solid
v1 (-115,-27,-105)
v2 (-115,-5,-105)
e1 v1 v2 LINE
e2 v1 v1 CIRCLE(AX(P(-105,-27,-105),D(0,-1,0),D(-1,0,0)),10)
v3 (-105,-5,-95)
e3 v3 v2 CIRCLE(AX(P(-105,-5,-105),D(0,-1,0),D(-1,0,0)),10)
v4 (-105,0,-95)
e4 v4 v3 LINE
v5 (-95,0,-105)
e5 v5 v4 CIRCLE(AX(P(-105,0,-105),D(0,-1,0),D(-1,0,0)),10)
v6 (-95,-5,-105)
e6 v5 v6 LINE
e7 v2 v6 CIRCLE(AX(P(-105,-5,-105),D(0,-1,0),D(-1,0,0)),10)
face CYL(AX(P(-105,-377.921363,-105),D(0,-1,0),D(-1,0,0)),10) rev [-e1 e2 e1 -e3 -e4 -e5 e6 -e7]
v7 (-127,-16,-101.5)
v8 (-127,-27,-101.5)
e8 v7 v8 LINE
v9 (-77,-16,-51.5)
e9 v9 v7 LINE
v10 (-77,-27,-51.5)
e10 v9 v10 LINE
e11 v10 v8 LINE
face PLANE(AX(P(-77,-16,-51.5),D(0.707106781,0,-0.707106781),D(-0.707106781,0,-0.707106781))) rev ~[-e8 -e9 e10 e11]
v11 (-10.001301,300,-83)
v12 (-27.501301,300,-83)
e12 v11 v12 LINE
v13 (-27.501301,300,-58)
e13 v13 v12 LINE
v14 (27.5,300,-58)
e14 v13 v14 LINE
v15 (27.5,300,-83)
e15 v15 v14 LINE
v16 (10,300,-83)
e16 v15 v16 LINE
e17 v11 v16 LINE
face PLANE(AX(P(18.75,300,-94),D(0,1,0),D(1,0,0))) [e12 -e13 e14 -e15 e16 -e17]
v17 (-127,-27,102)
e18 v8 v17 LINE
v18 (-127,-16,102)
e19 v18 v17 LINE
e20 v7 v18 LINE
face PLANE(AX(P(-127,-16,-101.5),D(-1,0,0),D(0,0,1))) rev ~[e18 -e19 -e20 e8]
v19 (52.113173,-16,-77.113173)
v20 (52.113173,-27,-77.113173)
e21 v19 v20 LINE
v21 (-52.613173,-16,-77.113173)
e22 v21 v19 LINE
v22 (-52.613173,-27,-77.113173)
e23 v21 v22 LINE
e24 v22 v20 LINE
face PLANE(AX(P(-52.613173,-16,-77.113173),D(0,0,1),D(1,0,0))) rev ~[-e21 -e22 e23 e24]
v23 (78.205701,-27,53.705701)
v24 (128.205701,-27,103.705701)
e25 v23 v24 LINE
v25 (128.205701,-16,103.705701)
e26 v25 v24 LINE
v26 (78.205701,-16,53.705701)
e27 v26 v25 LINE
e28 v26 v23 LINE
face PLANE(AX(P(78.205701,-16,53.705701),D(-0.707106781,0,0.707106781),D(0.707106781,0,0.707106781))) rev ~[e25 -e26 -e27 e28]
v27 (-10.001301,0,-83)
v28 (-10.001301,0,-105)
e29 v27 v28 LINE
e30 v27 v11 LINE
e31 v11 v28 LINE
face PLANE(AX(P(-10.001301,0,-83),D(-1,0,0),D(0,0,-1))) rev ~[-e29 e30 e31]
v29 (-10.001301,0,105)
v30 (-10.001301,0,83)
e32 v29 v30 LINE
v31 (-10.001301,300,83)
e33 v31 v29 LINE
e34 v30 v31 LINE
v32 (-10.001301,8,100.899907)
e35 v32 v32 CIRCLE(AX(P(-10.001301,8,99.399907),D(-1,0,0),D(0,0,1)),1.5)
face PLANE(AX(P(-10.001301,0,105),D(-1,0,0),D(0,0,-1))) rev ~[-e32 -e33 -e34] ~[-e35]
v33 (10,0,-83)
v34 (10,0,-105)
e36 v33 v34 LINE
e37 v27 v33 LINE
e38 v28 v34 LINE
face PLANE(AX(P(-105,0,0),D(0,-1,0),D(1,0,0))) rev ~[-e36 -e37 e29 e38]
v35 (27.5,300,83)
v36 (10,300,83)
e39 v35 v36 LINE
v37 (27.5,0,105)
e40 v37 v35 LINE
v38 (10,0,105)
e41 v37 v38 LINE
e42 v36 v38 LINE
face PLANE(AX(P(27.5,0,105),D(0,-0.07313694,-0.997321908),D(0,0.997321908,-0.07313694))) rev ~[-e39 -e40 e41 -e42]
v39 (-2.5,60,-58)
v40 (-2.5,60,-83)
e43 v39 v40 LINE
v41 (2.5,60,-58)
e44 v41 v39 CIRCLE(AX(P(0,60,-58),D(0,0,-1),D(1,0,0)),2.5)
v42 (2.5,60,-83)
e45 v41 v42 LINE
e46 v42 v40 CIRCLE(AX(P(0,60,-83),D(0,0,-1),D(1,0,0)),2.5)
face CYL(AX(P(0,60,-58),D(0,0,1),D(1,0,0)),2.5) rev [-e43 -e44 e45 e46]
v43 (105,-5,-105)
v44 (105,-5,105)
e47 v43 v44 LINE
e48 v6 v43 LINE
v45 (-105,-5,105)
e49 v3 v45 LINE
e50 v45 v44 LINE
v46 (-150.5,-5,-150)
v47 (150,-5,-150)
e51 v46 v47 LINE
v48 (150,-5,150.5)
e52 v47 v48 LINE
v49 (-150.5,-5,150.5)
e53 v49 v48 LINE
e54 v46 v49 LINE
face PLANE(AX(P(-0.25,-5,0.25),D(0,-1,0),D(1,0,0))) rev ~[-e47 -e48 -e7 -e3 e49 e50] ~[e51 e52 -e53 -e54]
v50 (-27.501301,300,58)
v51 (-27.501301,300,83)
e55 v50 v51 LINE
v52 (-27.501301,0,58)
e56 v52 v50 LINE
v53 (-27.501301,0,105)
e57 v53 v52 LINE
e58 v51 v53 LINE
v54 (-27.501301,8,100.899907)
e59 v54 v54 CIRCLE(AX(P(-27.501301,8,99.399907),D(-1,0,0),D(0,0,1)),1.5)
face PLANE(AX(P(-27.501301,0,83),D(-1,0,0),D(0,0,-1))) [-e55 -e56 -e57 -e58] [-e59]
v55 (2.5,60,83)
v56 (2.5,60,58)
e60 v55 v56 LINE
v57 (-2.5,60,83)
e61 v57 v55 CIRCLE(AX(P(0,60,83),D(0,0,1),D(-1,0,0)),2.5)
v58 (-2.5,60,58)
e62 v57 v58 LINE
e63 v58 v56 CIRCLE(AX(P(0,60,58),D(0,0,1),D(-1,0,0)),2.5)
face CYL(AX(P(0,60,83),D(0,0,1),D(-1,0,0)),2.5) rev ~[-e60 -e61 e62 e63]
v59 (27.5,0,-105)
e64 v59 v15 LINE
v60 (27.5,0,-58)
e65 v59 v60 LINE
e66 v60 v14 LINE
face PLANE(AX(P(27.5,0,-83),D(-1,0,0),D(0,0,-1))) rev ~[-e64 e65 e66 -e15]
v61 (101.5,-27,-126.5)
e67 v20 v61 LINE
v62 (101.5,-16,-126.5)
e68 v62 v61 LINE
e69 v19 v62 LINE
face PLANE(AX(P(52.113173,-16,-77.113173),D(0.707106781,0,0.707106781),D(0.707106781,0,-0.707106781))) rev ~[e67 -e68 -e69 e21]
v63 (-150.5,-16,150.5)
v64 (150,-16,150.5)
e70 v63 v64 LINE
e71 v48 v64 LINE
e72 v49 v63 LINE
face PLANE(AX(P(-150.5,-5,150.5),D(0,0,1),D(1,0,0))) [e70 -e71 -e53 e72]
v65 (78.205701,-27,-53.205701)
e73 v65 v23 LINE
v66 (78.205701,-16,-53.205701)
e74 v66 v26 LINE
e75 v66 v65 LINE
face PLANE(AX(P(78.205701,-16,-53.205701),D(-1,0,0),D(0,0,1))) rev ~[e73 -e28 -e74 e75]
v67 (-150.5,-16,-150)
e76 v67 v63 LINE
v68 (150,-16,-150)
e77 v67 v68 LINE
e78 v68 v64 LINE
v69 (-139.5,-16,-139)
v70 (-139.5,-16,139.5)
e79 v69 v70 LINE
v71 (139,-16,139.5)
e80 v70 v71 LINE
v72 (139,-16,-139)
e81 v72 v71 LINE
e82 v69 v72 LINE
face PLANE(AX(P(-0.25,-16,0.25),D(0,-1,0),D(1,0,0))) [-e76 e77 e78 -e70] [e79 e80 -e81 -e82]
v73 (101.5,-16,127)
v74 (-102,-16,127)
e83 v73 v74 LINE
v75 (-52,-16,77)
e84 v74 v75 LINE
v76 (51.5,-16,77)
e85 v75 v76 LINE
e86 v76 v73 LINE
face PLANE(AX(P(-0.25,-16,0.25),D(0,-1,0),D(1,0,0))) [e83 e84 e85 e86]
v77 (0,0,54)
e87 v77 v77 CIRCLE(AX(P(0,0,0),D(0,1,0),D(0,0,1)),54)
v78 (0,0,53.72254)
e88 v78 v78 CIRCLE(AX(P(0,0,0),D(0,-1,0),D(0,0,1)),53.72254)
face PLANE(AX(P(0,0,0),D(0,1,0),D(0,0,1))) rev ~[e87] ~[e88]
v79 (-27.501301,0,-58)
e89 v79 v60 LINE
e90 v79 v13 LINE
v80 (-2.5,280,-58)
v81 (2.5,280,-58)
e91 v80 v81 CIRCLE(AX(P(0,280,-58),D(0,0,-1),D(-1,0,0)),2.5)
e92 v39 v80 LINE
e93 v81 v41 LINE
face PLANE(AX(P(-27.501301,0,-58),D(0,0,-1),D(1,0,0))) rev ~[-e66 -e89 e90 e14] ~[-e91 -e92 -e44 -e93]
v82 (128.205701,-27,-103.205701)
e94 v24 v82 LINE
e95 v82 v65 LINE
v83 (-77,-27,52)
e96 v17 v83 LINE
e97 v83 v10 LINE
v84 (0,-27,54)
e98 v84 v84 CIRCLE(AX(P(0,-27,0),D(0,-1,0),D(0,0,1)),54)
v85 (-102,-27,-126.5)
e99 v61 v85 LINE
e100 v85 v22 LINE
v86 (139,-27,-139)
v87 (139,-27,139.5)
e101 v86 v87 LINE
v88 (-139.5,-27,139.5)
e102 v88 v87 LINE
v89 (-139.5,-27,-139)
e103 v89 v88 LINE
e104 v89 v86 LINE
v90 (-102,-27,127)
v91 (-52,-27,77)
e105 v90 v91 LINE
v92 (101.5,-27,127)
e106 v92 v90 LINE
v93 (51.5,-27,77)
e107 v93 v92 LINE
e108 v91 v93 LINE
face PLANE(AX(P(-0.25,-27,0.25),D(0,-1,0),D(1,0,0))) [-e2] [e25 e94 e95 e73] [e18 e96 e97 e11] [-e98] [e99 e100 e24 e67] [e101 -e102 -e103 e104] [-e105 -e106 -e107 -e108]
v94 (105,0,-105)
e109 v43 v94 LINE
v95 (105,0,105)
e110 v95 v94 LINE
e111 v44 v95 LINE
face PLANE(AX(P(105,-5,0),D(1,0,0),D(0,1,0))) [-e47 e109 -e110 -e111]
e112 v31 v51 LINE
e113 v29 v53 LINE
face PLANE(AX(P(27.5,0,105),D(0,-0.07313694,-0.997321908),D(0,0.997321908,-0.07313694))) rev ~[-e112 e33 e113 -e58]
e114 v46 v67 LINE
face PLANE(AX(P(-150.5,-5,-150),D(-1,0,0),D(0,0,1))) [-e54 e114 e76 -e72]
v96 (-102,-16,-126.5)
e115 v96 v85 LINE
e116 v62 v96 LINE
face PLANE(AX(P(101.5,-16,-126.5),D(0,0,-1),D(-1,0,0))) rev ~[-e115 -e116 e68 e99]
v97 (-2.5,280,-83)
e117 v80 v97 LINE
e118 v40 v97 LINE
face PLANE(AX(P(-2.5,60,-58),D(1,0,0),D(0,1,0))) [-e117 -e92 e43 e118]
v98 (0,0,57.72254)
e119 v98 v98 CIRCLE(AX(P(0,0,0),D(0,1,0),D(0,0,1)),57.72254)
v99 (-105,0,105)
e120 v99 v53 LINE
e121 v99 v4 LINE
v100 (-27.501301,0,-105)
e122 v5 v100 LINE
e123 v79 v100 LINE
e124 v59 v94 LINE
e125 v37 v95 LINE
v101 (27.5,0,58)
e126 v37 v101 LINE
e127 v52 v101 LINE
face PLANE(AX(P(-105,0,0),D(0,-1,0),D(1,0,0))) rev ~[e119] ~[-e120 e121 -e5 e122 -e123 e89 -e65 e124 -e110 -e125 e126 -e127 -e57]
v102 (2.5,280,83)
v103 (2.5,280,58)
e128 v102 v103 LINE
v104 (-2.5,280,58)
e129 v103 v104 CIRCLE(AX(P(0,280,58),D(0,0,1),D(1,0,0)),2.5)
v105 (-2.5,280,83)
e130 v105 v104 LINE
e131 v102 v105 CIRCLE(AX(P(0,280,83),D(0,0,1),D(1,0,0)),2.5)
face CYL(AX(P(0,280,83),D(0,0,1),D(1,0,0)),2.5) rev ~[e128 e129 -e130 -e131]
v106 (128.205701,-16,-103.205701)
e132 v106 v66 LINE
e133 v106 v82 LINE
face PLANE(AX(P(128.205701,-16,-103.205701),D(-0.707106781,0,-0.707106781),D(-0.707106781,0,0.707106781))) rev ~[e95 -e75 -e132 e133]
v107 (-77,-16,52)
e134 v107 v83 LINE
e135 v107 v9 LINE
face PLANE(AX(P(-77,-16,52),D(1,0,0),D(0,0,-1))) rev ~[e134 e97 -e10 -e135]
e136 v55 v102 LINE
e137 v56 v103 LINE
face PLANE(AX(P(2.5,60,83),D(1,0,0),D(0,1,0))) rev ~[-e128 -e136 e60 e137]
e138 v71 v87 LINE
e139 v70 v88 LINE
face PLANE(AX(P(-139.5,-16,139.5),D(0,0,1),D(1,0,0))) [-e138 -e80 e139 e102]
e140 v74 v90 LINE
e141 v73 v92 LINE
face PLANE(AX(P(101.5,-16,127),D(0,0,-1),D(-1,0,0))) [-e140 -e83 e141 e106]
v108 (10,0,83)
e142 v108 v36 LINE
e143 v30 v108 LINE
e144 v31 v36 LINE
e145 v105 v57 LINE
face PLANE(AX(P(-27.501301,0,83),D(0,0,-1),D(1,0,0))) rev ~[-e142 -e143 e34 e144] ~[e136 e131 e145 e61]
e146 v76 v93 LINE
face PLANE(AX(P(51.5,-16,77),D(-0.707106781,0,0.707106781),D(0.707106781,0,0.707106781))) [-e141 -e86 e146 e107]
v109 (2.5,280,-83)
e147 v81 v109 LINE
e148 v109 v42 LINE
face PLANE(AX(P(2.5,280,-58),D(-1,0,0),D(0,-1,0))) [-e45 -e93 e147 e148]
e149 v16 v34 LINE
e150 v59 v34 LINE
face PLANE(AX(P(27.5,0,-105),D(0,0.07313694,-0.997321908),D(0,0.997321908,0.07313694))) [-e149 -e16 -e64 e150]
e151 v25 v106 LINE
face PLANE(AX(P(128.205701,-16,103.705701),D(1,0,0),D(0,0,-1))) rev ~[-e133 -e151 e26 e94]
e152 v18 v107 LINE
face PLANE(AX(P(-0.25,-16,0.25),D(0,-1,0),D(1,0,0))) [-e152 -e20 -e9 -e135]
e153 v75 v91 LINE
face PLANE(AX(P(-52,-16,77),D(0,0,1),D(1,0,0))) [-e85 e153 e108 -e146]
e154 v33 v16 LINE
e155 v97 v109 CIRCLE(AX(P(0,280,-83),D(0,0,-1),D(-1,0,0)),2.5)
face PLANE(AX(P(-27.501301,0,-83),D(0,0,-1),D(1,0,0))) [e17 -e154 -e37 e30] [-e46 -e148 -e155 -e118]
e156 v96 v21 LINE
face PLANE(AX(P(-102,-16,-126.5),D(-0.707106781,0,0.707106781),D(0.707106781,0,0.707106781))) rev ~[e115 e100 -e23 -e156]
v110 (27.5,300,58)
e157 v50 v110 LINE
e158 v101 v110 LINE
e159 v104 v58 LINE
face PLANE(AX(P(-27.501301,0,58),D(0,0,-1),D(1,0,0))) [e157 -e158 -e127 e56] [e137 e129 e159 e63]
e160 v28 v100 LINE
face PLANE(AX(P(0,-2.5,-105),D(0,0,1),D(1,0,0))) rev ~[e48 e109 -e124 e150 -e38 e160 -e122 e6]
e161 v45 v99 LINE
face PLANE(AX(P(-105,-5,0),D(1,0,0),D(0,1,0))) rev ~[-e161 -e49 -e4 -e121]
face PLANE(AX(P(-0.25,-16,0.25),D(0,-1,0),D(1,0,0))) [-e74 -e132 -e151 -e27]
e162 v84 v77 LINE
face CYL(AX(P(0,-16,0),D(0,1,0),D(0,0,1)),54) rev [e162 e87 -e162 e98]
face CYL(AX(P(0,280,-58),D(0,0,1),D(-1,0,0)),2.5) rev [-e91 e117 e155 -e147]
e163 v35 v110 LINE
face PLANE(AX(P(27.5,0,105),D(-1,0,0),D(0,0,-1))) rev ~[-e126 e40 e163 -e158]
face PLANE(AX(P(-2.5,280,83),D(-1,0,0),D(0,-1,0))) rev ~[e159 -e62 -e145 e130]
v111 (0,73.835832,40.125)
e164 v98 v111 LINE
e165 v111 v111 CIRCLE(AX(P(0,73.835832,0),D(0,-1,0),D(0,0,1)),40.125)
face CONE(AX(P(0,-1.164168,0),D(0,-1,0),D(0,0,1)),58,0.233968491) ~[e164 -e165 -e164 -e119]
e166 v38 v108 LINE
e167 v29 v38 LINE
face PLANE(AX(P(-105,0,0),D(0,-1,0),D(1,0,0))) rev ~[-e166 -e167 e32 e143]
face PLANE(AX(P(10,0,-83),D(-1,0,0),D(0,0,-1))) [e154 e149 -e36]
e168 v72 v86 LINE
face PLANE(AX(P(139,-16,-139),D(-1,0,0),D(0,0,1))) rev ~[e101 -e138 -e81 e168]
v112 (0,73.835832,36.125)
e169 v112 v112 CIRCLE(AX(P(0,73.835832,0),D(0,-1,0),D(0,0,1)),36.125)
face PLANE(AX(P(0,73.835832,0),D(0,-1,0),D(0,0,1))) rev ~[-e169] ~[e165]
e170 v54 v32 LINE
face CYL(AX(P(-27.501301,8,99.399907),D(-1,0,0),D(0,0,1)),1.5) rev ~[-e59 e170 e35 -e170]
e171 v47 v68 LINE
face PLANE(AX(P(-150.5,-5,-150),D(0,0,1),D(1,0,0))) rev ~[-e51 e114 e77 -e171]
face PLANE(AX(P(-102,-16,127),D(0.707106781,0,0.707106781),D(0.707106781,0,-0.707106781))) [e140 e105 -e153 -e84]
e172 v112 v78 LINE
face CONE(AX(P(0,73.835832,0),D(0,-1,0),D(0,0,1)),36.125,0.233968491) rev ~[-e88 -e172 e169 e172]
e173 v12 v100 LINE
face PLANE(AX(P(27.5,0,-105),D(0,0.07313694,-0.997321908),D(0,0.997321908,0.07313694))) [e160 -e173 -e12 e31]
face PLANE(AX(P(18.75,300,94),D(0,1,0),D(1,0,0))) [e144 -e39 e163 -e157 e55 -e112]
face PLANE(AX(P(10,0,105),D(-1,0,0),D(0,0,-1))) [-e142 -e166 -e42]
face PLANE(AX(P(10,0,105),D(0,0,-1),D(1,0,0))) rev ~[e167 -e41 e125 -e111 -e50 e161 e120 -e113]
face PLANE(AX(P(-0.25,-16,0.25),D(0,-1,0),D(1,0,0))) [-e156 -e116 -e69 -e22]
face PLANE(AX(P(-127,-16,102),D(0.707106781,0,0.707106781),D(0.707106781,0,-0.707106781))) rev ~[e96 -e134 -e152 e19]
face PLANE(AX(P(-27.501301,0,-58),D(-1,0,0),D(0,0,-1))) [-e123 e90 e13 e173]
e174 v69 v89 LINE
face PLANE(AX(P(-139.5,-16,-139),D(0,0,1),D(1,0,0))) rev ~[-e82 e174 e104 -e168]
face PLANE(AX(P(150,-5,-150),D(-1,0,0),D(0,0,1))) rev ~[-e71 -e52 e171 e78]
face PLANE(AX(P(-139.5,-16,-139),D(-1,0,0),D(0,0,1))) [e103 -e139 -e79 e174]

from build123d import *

# Parameters (mm, degrees)
SKETCH2_W               = 210
SKETCH2_H               = 5
BOSS_EXTRUDE1_DEPTH     = 105
SKETCH5_W               = 55.001300882
SKETCH5_H               = 25
BOSS_EXTRUDE2_DEPTH     = 300
CUT_EXTRUDE3_DEPTH      = 25
CUT_EXTRUDE4_START      = -25
CUT_EXTRUDE4_DEPTH      = 25
SKETCH8_W               = 17.5
SKETCH8_H               = 22
BOSS_EXTRUDE3_DEPTH     = 300
CUT_EXTRUDE7_DEPTH      = 345.35628352
SKETCH12_R              = 1.5
CUT_EXTRUDE8_DEPTH      = 20
SKETCH13_W              = 300.5
SKETCH13_H              = 300.5
BOSS_EXTRUDE4_DEPTH     = 11
SKETCH4_R               = 54
CUT_EXTRUDE2_DEPTH      = 20
SKETCH14_W              = 278.5
SKETCH14_H              = 278.5
SKETCH14_R              = 54
BOSS_EXTRUDE5_DEPTH     = 11
CUT_EXTRUDE9_DEPTH      = 372.921362656
CUT_EXTRUDE9_DEPTH_BACK = 372.921362656
SKETCH16_R              = 10


with BuildPart() as part:
    # Sketch1 → Revolve1 (revolve)
    with BuildSketch(Plane(origin=(0, 0, 0), x_dir=(0, 0, -1), z_dir=(1, 0, 0)), mode=Mode.PRIVATE) as revolve1_sk:
        Polygon((58, -1.164167591), (40.125, 73.835832409), (36.125, 73.835832409), (54, -1.164167591), align=None)
    revolve(revolve1_sk.sketch.rotate(Axis((0, 0, 0), (0, -1, 0)), 180), axis=Axis((0, 0, 0), (0, -1, 0)))

    # Sketch2 → Boss-Extrude1 (add, symmetric)
    with BuildSketch(Plane.XY):
        with Locations((0, -2.5)):
            Rectangle(SKETCH2_W, SKETCH2_H)
    extrude(amount=BOSS_EXTRUDE1_DEPTH, both=True)

    # Sketch5 → Boss-Extrude2 (add)
    with BuildSketch(Plane(origin=(0, 0, 0), x_dir=(1, 0, 0), z_dir=(0, 1, 0))):
        with Locations((-0.000650441, 70.5)):
            Rectangle(SKETCH5_W, SKETCH5_H)
        with Locations((-0.000650441, -70.5)):
            Rectangle(SKETCH5_W, SKETCH5_H)
    extrude(amount=BOSS_EXTRUDE2_DEPTH)

    # Sketch6 → Cut-Extrude3 (cut)
    with BuildSketch(Plane.XY.offset(83)):
        with BuildLine():
            Line((-2.5, 280), (-2.5, 60))
            ThreePointArc((-2.5, 60), (0, 57.5), (2.5, 60))
            Line((2.5, 60), (2.5, 280))
            ThreePointArc((2.5, 280), (0, 282.5), (-2.5, 280))
        make_face()
    extrude(amount=-CUT_EXTRUDE3_DEPTH, mode=Mode.SUBTRACT)

    # Sketch7 → Cut-Extrude4 (cut)
    with BuildSketch(Plane(origin=(0, 0, -83), x_dir=(-1, 0, 0), z_dir=(0, 0, -1)).offset(CUT_EXTRUDE4_START)):
        with BuildLine():
            Line((-2.5, 280), (-2.5, 60))
            ThreePointArc((-2.5, 60), (0, 57.5), (2.5, 60))
            Line((2.5, 60), (2.5, 280))
            ThreePointArc((2.5, 280), (0, 282.5), (-2.5, 280))
        make_face()
    extrude(amount=CUT_EXTRUDE4_DEPTH, mode=Mode.SUBTRACT)

    # Sketch8 → Boss-Extrude3 (add)
    with BuildSketch(Plane(origin=(0, 0, 0), x_dir=(1, 0, 0), z_dir=(0, 1, 0))):
        with Locations((18.75, -94)):
            Rectangle(SKETCH8_W, SKETCH8_H)
        with Locations((-18.751300882, 94)):
            Rectangle(SKETCH8_W, SKETCH8_H)
        with Locations((-18.751300882, -94)):
            Rectangle(SKETCH8_W, SKETCH8_H)
        with Locations((18.75, 94)):
            Rectangle(SKETCH8_W, SKETCH8_H)
    extrude(amount=BOSS_EXTRUDE3_DEPTH)

    # Sketch11 → Cut-Extrude7 (cut, through all)
    with BuildSketch(Plane(origin=(27.5, 0, 0), x_dir=(0, 0, -1), z_dir=(1, 0, 0))):
        Polygon((-105, 0), (-83, 300), (-105, 300), align=None)
        Polygon((105, 300), (105, 0), (83, 300), align=None)
    extrude(amount=-CUT_EXTRUDE7_DEPTH, mode=Mode.SUBTRACT)

    # Sketch12 → Cut-Extrude8 (cut)
    with BuildSketch(Plane.ZY.offset(27.501300882)):
        with Locations((99.399906916, 8)):
            Circle(SKETCH12_R)
    extrude(amount=-CUT_EXTRUDE8_DEPTH, mode=Mode.SUBTRACT)

    # Sketch13 → Boss-Extrude4 (add)
    with BuildSketch(Plane.XZ.offset(5)):
        with Locations((-0.25, 0.25)):
            Rectangle(SKETCH13_W, SKETCH13_H)
    extrude(amount=BOSS_EXTRUDE4_DEPTH)

    # Sketch4 → Cut-Extrude2 (cut)
    with BuildSketch(Plane(origin=(0, 0, 0), x_dir=(1, 0, 0), z_dir=(0, 1, 0))):
        with Locations(Location((0, 0, 0), (0, 0, 270))):
            Circle(SKETCH4_R)
    extrude(amount=-CUT_EXTRUDE2_DEPTH, mode=Mode.SUBTRACT)

    # Sketch14 → Boss-Extrude5 (add)
    with BuildSketch(Plane.XZ.offset(16)):
        with Locations((-0.25, 0.25)):
            Rectangle(SKETCH14_W, SKETCH14_H)
        with Locations(Location((0, 0, 0), (0, 0, 90))):
            Circle(SKETCH14_R, mode=Mode.SUBTRACT)
        Polygon((-102, 127), (-52, 77), (51.5, 77), (101.5, 127), align=None, mode=Mode.SUBTRACT)
        Polygon((-127, 102), (-77, 52), (-77, -51.5), (-127, -101.5), align=None, mode=Mode.SUBTRACT)
        Polygon((-102, -126.5), (-52.613173487, -77.113173487), (52.113173487, -77.113173487), (101.5, -126.5), align=None, mode=Mode.SUBTRACT)
        Polygon((128.205701443, 103.705701443), (128.205701443, -103.205701443), (78.205701443, -53.205701443), (78.205701443, 53.705701443), align=None, mode=Mode.SUBTRACT)
    extrude(amount=BOSS_EXTRUDE5_DEPTH)

    # Sketch16 → Cut-Extrude9 (cut, two sides: drawn at the far end of the back side and taken through both)
    with BuildSketch(Plane(origin=(0, -5, 0), x_dir=(1, 0, 0), z_dir=(0, 1, 0)).offset(-CUT_EXTRUDE9_DEPTH_BACK)):
        with Locations(Location((-105, 105, 0), (0, 0, 180))):
            Circle(SKETCH16_R)
    extrude(amount=CUT_EXTRUDE9_DEPTH + CUT_EXTRUDE9_DEPTH_BACK, mode=Mode.SUBTRACT)


solid = part.part
